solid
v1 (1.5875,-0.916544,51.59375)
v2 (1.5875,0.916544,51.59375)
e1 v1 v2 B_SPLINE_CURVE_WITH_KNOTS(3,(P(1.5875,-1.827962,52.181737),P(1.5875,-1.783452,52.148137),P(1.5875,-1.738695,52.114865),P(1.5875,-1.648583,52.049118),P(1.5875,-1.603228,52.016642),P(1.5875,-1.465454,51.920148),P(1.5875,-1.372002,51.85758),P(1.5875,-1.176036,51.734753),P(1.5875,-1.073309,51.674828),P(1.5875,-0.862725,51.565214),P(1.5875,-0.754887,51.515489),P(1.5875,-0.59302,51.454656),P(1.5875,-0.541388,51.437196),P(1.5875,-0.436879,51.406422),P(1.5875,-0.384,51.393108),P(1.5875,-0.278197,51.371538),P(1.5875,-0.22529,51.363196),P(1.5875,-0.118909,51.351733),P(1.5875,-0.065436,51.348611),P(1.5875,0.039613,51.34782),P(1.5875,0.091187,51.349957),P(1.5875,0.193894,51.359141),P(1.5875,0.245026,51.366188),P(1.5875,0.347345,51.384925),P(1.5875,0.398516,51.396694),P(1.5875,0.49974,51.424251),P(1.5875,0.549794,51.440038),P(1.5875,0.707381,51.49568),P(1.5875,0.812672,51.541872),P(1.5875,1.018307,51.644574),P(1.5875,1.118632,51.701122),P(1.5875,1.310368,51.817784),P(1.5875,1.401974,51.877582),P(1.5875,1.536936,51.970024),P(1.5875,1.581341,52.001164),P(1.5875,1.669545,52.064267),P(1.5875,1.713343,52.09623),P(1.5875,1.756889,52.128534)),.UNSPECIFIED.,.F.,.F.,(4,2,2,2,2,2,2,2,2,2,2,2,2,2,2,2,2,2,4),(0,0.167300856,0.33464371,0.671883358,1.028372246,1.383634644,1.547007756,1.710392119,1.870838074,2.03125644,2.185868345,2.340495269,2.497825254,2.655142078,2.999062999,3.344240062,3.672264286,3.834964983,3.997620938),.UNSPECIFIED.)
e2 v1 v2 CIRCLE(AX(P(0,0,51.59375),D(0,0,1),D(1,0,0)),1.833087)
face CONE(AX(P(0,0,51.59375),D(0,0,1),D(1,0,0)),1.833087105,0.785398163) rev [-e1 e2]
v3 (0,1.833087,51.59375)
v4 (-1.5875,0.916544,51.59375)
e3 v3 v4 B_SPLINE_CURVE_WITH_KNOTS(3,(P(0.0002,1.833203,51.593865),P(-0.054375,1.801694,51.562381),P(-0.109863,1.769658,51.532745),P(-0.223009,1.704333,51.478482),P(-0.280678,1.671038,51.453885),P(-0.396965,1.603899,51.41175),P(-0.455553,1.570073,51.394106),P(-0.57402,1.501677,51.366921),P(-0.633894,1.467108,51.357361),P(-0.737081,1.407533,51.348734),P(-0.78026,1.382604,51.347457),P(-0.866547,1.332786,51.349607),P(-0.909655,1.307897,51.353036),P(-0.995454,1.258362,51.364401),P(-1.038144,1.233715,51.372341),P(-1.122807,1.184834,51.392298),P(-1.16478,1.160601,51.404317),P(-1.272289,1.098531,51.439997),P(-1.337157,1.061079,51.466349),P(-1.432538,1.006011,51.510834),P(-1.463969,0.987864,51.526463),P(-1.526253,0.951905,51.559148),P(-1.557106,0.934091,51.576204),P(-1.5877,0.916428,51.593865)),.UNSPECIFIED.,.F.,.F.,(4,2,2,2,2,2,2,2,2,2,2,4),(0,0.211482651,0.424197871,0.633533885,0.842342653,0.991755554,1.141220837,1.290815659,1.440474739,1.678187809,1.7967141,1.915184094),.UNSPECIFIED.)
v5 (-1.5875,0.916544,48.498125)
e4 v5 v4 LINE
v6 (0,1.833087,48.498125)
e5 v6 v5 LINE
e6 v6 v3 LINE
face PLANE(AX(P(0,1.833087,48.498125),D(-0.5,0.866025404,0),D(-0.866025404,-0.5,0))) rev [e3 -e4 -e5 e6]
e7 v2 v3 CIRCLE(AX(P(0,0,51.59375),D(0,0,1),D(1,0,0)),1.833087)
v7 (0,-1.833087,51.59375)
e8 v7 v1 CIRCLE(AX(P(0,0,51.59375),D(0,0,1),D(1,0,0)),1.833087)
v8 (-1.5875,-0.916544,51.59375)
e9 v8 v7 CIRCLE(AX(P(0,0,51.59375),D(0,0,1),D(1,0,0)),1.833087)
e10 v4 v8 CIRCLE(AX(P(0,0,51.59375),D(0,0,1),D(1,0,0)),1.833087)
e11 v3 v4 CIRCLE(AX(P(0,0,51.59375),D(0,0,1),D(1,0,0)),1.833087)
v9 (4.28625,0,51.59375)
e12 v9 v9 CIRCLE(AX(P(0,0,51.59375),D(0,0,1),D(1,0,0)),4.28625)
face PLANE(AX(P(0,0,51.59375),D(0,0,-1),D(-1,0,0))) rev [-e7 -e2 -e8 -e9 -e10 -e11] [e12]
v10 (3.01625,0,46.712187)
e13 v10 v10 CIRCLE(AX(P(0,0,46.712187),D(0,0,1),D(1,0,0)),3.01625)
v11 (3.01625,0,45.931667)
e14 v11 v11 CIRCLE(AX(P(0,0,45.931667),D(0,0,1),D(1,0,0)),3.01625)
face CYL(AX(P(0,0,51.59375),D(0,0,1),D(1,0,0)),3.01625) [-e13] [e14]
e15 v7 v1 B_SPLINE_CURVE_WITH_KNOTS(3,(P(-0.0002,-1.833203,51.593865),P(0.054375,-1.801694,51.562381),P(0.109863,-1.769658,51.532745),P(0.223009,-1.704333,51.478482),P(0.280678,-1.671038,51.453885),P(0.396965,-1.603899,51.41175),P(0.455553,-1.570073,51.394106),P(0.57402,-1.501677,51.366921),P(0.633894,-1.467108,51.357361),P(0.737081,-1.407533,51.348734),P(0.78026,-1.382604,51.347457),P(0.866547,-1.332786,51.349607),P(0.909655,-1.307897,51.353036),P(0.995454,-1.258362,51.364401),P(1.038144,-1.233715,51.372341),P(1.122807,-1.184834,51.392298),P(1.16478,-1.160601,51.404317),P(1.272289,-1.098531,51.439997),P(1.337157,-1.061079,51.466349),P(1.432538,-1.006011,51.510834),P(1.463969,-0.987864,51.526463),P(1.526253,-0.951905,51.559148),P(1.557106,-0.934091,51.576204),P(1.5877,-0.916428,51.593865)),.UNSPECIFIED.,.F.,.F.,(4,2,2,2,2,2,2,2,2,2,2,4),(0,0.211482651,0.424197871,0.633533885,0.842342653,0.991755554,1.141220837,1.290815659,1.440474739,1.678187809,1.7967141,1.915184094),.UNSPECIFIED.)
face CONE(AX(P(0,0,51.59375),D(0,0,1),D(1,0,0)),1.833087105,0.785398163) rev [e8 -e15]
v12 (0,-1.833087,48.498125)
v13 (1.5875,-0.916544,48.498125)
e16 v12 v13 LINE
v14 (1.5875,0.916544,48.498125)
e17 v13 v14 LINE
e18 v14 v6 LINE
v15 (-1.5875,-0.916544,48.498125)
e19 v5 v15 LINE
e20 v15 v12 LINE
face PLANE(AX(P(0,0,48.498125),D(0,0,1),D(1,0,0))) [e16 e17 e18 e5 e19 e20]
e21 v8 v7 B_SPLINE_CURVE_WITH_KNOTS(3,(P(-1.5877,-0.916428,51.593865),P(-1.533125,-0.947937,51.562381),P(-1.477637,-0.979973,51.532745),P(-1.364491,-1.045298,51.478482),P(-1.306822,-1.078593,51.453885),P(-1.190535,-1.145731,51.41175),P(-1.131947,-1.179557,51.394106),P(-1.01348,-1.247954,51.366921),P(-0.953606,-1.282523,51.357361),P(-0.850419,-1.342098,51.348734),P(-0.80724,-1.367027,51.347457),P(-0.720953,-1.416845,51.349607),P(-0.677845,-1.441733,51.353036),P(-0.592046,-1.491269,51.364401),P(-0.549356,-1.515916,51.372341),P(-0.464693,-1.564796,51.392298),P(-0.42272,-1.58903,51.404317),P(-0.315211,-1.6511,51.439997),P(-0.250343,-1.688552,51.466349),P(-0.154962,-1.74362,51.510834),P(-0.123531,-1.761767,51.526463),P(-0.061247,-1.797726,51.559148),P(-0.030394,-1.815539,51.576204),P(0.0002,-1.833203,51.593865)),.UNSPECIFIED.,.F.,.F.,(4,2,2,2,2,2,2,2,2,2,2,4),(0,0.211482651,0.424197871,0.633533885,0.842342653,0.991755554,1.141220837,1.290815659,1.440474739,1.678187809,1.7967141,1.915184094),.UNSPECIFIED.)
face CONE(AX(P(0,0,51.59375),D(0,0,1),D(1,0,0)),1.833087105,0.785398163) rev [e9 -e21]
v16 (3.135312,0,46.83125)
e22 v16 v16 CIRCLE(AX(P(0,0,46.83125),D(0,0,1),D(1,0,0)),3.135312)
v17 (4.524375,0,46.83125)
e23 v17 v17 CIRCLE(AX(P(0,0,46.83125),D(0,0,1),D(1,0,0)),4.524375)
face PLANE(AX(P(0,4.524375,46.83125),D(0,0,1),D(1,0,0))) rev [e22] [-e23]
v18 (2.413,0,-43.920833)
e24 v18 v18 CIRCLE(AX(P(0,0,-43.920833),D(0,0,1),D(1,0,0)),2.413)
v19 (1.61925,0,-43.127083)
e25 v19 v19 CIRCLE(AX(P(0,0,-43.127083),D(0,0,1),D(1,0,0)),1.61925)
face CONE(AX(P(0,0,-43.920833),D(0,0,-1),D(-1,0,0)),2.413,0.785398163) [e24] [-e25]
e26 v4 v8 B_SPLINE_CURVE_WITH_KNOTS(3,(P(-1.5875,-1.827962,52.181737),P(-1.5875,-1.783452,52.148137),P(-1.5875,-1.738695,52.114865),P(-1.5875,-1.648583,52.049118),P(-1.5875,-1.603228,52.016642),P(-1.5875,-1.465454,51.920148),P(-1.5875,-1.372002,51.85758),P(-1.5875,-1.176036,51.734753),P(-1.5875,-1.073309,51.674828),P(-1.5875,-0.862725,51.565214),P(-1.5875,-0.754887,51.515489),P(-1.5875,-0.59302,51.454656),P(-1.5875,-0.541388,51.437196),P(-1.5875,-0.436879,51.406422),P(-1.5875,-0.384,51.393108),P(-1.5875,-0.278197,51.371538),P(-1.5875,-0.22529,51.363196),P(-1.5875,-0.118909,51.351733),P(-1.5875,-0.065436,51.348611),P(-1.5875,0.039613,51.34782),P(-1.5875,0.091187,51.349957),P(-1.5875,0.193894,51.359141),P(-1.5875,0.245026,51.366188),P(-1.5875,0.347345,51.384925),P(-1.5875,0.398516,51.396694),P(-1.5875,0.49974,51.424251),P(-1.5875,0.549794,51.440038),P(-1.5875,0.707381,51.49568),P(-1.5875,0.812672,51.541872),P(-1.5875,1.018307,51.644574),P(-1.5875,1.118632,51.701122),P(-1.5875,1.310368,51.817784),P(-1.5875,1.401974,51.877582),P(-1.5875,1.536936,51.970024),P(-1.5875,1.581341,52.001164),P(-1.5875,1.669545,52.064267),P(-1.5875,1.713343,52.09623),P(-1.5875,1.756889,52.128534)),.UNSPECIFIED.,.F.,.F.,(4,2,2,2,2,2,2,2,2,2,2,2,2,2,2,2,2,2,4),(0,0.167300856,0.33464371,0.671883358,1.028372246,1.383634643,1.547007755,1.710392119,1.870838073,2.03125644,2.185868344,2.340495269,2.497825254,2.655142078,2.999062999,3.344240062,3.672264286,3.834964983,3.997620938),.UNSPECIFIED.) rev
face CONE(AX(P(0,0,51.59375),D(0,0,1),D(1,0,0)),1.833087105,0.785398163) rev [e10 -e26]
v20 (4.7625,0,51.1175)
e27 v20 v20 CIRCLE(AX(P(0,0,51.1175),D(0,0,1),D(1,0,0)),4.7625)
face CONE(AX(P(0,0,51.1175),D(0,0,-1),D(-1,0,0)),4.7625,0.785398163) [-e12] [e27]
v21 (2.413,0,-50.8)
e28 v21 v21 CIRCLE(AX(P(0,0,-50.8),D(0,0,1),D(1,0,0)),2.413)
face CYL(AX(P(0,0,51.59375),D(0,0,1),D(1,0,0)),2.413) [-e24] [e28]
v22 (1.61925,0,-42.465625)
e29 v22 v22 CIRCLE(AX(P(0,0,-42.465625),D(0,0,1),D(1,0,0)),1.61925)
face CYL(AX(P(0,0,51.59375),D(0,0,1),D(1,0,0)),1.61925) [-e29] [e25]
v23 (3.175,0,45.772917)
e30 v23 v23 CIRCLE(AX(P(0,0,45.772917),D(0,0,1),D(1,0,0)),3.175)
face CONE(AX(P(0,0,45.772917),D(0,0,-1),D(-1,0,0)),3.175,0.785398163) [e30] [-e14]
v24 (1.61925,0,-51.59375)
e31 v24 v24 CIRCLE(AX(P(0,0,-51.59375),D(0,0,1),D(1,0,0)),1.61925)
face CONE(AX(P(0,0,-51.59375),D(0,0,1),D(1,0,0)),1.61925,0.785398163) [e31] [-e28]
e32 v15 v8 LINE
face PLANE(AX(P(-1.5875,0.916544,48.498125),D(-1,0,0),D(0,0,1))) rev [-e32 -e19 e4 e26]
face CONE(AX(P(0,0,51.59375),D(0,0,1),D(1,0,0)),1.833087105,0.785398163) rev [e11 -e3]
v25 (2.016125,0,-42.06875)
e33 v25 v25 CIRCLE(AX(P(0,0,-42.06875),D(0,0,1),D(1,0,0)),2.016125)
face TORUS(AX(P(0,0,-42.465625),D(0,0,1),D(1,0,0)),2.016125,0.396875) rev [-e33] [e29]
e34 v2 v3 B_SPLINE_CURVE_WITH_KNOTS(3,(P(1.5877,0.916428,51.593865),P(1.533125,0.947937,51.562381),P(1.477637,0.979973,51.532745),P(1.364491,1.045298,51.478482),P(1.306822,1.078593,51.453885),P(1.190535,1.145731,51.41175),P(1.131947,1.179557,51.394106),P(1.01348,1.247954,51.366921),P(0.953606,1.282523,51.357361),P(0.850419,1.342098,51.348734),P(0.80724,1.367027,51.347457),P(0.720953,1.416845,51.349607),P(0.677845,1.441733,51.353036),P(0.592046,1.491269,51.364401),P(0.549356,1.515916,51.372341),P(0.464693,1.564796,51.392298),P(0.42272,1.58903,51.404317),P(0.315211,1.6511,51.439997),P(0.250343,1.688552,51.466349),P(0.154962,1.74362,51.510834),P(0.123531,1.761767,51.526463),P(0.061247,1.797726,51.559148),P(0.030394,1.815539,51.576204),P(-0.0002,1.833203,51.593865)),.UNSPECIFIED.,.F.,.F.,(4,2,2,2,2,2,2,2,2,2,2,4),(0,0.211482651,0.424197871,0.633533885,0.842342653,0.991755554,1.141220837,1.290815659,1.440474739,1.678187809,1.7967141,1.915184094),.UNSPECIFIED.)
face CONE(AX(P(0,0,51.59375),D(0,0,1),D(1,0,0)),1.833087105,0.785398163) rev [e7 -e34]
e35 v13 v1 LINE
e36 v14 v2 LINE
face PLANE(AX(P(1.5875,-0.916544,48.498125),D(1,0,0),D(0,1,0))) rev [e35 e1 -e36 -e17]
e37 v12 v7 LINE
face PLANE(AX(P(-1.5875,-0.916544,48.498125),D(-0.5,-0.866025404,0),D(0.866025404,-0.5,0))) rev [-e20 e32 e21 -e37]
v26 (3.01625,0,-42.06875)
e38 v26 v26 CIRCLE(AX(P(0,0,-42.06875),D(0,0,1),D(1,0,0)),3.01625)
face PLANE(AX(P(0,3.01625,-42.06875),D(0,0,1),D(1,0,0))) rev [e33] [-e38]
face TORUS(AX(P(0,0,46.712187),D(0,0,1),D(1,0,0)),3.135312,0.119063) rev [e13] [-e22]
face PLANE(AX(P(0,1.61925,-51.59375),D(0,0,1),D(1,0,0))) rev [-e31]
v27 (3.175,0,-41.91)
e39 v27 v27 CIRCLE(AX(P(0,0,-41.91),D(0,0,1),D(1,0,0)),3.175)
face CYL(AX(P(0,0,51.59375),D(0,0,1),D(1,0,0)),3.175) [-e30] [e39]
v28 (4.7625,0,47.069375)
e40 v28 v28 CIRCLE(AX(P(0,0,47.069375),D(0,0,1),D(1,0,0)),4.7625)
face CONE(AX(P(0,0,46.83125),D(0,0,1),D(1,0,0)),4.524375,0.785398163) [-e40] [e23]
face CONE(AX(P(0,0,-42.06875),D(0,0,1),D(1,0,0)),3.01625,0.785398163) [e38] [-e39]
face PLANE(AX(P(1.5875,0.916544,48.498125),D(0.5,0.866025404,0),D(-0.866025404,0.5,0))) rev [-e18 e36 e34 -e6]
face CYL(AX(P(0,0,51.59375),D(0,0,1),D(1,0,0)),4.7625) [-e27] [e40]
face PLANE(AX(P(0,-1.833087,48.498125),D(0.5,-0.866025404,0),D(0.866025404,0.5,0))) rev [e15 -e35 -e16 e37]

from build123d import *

# Parameters (mm, degrees)
CUT_EXTRUDE1_DEPTH = 3.095625


with BuildPart() as part:
    # Sketch3 → Revolve1 (revolve)
    with BuildSketch(Plane(origin=(0, 0, 0), x_dir=(0, 0, -1), z_dir=(1, 0, 0)), mode=Mode.PRIVATE) as revolve1_sk:
        with BuildLine():
            Line((-51.59375, 0), (-51.59375, 4.28625))
            Line((-51.59375, 4.28625), (-51.1175, 4.7625))
            Line((-51.1175, 4.7625), (-47.069375, 4.7625))
            Line((-47.069375, 4.7625), (-46.83125, 4.524375))
            Line((-46.83125, 4.524375), (-46.83125, 3.1353125))
            ThreePointArc((-46.83125, 3.1353125), (-46.796377401, 3.051122599), (-46.7121875, 3.01625))
            Line((-46.7121875, 3.01625), (-45.931666667, 3.01625))
            Line((-45.931666667, 3.01625), (-45.772916667, 3.175))
            Line((-45.772916667, 3.175), (41.91, 3.175))
            Line((41.91, 3.175), (42.06875, 3.01625))
            Line((42.06875, 3.01625), (42.06875, 2.016125))
            ThreePointArc((42.06875, 2.016125), (42.184991996, 1.735491996), (42.465625, 1.61925))
            Line((42.465625, 1.61925), (43.127083333, 1.61925))
            Line((43.127083333, 1.61925), (43.920833333, 2.413))
            Line((43.920833333, 2.413), (50.8, 2.413))
            Line((50.8, 2.413), (51.59375, 1.61925))
            Line((51.59375, 1.61925), (51.59375, 0))
            Line((51.59375, 0), (-51.59375, 0))
        make_face()
    revolve(revolve1_sk.sketch.rotate(Axis((0, 0, 51.59375), (0, 0, -1)), 90), axis=Axis((0, 0, 51.59375), (0, 0, -1)))

    # Sketch4 → Cut-Extrude1 (cut)
    with BuildSketch(Plane.XY.offset(51.59375)):
        Polygon((-1.5875, -0.916543552), (0, -1.833087105), (1.5875, -0.916543552), (1.5875, 0.916543552), (0, 1.833087105), (-1.5875, 0.916543552), align=None)
    extrude(amount=-CUT_EXTRUDE1_DEPTH, mode=Mode.SUBTRACT)

    # Cut-Extrude2 cone 1 section (through the dimple's axis) → Cut-Extrude2 (revolve, cut)
    with BuildSketch(Plane(origin=(0, 0, 51.59375), x_dir=(0, -1, 0), z_dir=(1, 0, 0))):
        Polygon((0, 0), (1.833087105, 0), (0, 1.833087105), align=None)
    revolve(axis=Axis((0, 0, 51.59375), (0, 0, -1)), mode=Mode.SUBTRACT)


solid = part.part
